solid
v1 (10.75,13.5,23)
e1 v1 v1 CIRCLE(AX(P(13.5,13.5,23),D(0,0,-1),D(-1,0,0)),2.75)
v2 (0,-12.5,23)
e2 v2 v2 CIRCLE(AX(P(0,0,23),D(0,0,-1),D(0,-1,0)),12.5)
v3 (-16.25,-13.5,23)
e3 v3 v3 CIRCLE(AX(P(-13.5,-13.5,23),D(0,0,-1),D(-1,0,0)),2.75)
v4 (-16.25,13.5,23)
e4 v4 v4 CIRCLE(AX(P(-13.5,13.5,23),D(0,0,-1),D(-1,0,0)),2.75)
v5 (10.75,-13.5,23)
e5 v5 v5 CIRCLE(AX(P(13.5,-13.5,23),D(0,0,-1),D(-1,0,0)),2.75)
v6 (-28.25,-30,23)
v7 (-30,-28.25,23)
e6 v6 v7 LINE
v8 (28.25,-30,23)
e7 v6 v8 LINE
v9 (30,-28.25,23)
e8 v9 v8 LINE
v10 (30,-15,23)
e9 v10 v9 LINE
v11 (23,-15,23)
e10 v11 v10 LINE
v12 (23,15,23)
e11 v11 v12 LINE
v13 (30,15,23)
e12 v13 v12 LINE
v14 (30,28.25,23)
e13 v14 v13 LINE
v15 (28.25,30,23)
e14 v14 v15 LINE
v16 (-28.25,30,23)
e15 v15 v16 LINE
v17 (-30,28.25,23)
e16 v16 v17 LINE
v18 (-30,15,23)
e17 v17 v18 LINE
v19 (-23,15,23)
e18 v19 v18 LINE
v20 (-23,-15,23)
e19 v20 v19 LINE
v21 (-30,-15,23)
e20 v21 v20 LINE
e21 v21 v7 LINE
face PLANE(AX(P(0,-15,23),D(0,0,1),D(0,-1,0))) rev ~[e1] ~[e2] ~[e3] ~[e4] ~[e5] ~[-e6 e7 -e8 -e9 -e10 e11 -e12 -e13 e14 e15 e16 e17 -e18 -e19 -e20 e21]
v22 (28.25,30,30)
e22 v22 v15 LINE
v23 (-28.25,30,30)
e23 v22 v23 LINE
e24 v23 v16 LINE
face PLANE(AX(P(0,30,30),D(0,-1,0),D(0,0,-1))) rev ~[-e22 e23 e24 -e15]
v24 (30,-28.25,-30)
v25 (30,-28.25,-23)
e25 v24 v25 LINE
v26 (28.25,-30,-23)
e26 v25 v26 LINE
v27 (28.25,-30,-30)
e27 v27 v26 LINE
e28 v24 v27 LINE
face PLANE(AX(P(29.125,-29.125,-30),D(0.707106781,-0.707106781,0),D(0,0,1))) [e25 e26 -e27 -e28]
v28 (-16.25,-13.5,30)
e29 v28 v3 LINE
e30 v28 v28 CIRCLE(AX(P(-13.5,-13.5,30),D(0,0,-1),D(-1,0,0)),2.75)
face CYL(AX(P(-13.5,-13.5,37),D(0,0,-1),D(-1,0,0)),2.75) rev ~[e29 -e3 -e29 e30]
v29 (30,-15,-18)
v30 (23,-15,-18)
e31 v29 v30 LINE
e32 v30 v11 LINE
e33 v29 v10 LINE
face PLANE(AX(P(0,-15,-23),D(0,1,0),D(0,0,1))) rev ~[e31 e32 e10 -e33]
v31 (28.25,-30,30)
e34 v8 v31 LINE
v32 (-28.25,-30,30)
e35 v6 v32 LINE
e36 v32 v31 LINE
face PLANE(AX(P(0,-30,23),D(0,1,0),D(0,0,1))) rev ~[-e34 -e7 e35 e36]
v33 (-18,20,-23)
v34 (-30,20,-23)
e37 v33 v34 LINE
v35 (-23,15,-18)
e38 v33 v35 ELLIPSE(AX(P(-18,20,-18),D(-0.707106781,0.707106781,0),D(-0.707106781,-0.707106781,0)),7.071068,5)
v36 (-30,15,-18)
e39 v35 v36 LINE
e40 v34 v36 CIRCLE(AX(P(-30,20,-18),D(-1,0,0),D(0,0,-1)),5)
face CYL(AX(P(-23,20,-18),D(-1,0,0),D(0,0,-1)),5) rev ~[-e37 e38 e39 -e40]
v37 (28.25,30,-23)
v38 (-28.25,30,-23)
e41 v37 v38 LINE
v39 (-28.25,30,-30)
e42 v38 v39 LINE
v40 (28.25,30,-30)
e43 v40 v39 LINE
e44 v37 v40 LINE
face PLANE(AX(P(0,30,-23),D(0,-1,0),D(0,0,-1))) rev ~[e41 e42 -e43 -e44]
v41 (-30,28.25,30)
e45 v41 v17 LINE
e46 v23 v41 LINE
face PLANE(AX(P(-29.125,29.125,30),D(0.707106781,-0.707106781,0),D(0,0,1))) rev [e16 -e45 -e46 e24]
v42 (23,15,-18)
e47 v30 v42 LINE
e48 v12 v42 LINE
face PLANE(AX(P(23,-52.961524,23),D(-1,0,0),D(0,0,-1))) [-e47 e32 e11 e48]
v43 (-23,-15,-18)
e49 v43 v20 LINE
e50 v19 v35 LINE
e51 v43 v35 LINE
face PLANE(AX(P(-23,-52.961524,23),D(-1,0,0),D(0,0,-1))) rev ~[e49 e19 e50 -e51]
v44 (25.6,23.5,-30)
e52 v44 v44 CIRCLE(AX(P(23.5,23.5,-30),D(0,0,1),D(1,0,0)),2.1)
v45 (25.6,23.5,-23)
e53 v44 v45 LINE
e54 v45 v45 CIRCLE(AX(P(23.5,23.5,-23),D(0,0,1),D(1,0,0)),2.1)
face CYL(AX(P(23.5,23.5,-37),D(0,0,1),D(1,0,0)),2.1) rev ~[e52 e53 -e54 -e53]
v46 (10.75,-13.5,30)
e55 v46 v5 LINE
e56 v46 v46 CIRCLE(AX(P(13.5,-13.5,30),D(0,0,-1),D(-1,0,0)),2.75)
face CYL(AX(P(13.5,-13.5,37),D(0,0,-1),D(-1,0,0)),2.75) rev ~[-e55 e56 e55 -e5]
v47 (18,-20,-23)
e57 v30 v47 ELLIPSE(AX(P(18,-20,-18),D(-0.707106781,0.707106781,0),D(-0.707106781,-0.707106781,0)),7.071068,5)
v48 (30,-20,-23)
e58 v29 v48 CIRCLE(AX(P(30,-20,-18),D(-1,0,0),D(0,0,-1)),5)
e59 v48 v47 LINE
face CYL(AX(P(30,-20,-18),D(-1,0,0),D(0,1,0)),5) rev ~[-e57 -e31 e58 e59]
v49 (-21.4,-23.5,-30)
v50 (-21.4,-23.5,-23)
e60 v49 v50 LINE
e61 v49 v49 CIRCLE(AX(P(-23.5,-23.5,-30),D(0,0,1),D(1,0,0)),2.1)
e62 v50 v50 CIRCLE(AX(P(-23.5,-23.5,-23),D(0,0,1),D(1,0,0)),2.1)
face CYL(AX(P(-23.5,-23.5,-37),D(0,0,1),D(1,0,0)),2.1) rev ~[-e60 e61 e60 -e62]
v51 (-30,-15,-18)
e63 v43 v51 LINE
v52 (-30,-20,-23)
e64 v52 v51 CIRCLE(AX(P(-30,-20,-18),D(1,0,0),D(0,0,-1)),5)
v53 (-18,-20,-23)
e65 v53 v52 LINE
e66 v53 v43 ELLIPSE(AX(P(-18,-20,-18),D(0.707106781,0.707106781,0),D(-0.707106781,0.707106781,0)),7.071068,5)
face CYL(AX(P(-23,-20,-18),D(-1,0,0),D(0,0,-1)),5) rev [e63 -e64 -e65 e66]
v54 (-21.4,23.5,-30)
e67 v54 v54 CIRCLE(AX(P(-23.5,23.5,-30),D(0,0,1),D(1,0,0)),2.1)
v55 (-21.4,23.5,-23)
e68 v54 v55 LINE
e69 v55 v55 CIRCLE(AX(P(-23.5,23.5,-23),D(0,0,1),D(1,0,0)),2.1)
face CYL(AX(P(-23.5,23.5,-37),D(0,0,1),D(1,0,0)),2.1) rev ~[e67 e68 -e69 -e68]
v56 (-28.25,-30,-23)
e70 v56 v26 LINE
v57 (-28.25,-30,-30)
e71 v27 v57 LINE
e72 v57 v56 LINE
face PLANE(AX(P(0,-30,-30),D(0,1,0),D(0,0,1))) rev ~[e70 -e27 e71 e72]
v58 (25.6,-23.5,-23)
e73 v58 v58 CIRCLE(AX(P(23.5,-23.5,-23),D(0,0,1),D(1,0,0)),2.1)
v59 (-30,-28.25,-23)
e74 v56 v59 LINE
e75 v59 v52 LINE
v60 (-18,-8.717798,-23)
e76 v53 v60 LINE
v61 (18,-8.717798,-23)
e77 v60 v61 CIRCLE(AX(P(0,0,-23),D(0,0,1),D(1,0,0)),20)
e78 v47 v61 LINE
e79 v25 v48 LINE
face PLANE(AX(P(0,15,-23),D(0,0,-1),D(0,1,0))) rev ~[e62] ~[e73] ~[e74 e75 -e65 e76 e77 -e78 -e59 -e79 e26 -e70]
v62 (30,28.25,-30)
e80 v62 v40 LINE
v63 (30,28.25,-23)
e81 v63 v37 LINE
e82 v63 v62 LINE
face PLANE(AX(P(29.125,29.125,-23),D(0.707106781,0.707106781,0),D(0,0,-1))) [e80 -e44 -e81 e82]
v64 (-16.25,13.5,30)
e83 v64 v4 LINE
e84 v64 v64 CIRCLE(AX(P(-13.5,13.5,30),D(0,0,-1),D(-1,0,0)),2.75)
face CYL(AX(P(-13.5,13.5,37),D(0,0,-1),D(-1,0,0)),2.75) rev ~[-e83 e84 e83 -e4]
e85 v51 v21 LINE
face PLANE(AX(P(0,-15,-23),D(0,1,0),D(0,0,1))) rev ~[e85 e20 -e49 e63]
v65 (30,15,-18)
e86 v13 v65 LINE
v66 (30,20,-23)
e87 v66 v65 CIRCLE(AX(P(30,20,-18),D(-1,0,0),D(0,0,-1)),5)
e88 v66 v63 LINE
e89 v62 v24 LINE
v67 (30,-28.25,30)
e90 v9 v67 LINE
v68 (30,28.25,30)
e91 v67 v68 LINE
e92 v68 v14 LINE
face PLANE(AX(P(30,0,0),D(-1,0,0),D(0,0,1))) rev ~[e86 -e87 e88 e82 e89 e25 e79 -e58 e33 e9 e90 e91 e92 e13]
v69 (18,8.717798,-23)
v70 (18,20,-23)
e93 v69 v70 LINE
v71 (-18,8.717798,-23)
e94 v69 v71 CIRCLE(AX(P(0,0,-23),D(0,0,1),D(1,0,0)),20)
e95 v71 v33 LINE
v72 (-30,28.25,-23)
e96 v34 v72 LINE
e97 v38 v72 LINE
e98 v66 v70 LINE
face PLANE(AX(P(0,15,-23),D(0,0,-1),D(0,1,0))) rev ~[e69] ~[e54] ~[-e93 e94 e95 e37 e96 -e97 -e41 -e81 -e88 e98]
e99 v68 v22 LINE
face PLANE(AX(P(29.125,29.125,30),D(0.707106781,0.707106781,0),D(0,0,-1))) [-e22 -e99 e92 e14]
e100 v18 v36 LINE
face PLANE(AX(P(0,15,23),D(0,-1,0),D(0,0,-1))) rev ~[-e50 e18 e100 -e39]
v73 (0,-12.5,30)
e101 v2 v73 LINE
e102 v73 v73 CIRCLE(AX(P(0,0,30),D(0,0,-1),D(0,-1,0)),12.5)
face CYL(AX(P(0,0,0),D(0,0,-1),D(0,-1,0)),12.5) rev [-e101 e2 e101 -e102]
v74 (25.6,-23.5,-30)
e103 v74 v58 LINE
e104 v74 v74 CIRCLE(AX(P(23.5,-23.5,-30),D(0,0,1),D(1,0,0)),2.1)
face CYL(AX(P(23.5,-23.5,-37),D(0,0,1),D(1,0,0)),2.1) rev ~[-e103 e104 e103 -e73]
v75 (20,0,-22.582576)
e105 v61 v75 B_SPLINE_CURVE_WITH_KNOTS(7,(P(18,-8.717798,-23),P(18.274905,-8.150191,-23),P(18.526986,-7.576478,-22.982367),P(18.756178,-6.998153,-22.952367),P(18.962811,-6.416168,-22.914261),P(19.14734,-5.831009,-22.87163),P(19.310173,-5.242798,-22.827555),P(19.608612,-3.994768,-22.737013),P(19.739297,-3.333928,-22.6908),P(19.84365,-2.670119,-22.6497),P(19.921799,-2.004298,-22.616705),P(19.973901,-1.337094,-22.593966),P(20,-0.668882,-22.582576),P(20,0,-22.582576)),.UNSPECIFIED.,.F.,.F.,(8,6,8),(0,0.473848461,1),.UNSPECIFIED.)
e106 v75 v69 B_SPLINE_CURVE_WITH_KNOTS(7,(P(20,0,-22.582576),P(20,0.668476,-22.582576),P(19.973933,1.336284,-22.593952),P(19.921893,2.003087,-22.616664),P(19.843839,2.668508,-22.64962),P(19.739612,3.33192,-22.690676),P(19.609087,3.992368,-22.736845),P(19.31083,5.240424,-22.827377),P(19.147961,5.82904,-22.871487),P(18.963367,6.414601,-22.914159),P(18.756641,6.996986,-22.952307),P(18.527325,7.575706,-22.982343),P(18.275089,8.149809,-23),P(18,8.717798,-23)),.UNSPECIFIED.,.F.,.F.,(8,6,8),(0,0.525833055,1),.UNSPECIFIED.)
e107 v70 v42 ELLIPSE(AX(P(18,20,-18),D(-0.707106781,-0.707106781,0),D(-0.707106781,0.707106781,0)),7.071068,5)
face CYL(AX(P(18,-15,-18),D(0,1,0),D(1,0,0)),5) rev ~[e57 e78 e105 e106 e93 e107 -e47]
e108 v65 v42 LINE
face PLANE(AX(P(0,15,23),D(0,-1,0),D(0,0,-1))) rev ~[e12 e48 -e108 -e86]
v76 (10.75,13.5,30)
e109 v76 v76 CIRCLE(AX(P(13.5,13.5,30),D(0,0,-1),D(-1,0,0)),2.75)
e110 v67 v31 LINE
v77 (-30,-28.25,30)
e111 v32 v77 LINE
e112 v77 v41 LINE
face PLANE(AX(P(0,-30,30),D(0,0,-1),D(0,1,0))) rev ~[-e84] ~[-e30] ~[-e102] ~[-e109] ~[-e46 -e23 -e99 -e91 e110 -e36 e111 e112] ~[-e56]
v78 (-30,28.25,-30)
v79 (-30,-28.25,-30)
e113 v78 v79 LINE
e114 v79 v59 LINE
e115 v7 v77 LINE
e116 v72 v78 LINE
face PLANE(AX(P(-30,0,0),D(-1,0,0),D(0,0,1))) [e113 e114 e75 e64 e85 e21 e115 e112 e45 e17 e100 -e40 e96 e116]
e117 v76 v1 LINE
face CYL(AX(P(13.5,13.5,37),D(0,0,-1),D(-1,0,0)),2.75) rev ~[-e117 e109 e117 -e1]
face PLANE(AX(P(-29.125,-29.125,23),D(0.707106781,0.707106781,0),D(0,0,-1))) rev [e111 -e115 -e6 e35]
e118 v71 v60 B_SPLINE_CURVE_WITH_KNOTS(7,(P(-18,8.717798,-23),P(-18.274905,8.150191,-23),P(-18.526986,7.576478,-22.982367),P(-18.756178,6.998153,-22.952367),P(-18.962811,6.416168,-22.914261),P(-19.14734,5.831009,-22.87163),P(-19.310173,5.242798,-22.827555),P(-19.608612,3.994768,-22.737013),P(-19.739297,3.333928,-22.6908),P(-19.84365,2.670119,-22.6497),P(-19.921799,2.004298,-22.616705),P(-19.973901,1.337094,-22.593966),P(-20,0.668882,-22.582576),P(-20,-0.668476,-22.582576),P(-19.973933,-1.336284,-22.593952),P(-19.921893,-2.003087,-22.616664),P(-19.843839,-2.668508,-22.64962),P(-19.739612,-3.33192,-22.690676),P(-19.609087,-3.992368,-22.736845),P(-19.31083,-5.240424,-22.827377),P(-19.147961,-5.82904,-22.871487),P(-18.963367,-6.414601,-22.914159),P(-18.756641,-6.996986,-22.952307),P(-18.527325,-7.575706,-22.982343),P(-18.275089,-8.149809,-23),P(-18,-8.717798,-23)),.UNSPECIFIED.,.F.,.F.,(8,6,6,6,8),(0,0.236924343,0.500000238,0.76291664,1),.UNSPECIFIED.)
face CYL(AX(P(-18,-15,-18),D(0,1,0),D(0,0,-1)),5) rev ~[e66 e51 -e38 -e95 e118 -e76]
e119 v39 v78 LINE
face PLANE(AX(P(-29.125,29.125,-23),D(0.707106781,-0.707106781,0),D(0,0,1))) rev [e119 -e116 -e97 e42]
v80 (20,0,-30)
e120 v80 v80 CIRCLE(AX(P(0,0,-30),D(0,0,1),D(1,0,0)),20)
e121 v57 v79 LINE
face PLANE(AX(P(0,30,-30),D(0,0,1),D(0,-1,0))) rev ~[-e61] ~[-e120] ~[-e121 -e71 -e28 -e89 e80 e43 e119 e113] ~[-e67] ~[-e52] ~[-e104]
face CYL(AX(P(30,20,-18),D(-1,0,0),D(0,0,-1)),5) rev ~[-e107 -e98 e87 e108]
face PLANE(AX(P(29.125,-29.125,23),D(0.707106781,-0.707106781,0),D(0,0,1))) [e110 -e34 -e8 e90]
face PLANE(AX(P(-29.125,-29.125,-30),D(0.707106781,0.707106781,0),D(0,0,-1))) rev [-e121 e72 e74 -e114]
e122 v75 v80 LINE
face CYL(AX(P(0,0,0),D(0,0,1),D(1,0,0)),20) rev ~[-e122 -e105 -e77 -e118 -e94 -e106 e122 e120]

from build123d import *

# Parameters (mm, degrees)
BOSS_EXTRUDE1_DEPTH       = 30
CUT_EXTRUDE1_DEPTH        = 52.961524227
CUT_EXTRUDE1_DEPTH_BACK   = 52.961524227
SKETCH2_W                 = 46
SKETCH2_H                 = 46
FILLET1_R                 = 5
CHAMFER1_SIZE             = 1.75
M5X0_8_TAPPED_HOLE1_D     = 4.2
M5X0_8_TAPPED_HOLE1_DEPTH = 7
M5_CLEARANCE_HOLE1_D      = 5.5
M5_CLEARANCE_HOLE1_DEPTH  = 7
SKETCH11_R                = 12.5
CUT_EXTRUDE2_DEPTH        = 52.961524227
SKETCH12_R                = 20
CUT_EXTRUDE3_DEPTH        = 52.961524227


with BuildPart() as part:
    # Sketch1 → Boss-Extrude1 (new, symmetric)
    with BuildSketch(Plane(origin=(0, 0, 0), x_dir=(0, 0, -1), z_dir=(1, 0, 0))):
        Polygon((-30, -30), (-30, 30), (-23, 30), (-23, 15), (23, 15), (23, 30), (30, 30), (30, -30), (23, -30), (23, -15), (-23, -15), (-23, -30), align=None)
    extrude(amount=BOSS_EXTRUDE1_DEPTH, both=True)

    # Sketch2 → Cut-Extrude1 (cut, two sides: drawn at the far end of the back side and taken through both)
    with BuildSketch(Plane(origin=(0, 0, 0), x_dir=(1, 0, 0), z_dir=(0, 1, 0)).offset(-CUT_EXTRUDE1_DEPTH_BACK)):
        Rectangle(SKETCH2_W, SKETCH2_H)
    extrude(amount=CUT_EXTRUDE1_DEPTH + CUT_EXTRUDE1_DEPTH_BACK, mode=Mode.SUBTRACT)

    # Fillet1
    fillet1_edges = [part.edges().sort_by_distance(p)[0] for p in [
        (26.5, 15, -23),
        (26.5, -15, -23),
        (-26.5, 15, -23),
        (-26.5, -15, -23),
        (-23, 0, -23),
        (23, 0, -23),
    ]]
    fillet(fillet1_edges, radius=FILLET1_R)

    # Chamfer1
    chamfer1_edges = [part.edges().sort_by_distance(p)[0] for p in [
        (-30, 30, 26.5),
        (-30, 30, -26.5),
        (-30, -30, -26.5),
        (-30, -30, 26.5),
        (30, -30, -26.5),
        (30, 30, -26.5),
        (30, 30, 26.5),
        (30, -30, 26.5),
    ]]
    chamfer(chamfer1_edges, length=CHAMFER1_SIZE)

    # M5x0.8 Tapped Hole1
    with Locations(Plane(origin=(0, 0, -30), x_dir=(-1, 0, 0), z_dir=(0, 0, -1))):
        with Locations((-23.5, 23.5), (23.5, 23.5), (23.5, -23.5), (-23.5, -23.5)):
            Hole(M5X0_8_TAPPED_HOLE1_D / 2, depth=M5X0_8_TAPPED_HOLE1_DEPTH)

    # M5 Clearance Hole1
    with Locations(Plane.XY.offset(30)):
        with Locations((-13.5, 13.5), (-13.5, -13.5), (13.5, -13.5), (13.5, 13.5)):
            Hole(M5_CLEARANCE_HOLE1_D / 2, depth=M5_CLEARANCE_HOLE1_DEPTH)

    # Sketch11 → Cut-Extrude2 (cut, through all)
    with BuildSketch(Plane.XY):
        with Locations(Location((0, 0, 0), (0, 0, 270))):
            Circle(SKETCH11_R)
    extrude(amount=CUT_EXTRUDE2_DEPTH, mode=Mode.SUBTRACT)

    # Sketch12 → Cut-Extrude3 (cut, through all)
    with BuildSketch(Plane.XY):
        Circle(SKETCH12_R)
    extrude(amount=-CUT_EXTRUDE3_DEPTH, mode=Mode.SUBTRACT)


solid = part.part
